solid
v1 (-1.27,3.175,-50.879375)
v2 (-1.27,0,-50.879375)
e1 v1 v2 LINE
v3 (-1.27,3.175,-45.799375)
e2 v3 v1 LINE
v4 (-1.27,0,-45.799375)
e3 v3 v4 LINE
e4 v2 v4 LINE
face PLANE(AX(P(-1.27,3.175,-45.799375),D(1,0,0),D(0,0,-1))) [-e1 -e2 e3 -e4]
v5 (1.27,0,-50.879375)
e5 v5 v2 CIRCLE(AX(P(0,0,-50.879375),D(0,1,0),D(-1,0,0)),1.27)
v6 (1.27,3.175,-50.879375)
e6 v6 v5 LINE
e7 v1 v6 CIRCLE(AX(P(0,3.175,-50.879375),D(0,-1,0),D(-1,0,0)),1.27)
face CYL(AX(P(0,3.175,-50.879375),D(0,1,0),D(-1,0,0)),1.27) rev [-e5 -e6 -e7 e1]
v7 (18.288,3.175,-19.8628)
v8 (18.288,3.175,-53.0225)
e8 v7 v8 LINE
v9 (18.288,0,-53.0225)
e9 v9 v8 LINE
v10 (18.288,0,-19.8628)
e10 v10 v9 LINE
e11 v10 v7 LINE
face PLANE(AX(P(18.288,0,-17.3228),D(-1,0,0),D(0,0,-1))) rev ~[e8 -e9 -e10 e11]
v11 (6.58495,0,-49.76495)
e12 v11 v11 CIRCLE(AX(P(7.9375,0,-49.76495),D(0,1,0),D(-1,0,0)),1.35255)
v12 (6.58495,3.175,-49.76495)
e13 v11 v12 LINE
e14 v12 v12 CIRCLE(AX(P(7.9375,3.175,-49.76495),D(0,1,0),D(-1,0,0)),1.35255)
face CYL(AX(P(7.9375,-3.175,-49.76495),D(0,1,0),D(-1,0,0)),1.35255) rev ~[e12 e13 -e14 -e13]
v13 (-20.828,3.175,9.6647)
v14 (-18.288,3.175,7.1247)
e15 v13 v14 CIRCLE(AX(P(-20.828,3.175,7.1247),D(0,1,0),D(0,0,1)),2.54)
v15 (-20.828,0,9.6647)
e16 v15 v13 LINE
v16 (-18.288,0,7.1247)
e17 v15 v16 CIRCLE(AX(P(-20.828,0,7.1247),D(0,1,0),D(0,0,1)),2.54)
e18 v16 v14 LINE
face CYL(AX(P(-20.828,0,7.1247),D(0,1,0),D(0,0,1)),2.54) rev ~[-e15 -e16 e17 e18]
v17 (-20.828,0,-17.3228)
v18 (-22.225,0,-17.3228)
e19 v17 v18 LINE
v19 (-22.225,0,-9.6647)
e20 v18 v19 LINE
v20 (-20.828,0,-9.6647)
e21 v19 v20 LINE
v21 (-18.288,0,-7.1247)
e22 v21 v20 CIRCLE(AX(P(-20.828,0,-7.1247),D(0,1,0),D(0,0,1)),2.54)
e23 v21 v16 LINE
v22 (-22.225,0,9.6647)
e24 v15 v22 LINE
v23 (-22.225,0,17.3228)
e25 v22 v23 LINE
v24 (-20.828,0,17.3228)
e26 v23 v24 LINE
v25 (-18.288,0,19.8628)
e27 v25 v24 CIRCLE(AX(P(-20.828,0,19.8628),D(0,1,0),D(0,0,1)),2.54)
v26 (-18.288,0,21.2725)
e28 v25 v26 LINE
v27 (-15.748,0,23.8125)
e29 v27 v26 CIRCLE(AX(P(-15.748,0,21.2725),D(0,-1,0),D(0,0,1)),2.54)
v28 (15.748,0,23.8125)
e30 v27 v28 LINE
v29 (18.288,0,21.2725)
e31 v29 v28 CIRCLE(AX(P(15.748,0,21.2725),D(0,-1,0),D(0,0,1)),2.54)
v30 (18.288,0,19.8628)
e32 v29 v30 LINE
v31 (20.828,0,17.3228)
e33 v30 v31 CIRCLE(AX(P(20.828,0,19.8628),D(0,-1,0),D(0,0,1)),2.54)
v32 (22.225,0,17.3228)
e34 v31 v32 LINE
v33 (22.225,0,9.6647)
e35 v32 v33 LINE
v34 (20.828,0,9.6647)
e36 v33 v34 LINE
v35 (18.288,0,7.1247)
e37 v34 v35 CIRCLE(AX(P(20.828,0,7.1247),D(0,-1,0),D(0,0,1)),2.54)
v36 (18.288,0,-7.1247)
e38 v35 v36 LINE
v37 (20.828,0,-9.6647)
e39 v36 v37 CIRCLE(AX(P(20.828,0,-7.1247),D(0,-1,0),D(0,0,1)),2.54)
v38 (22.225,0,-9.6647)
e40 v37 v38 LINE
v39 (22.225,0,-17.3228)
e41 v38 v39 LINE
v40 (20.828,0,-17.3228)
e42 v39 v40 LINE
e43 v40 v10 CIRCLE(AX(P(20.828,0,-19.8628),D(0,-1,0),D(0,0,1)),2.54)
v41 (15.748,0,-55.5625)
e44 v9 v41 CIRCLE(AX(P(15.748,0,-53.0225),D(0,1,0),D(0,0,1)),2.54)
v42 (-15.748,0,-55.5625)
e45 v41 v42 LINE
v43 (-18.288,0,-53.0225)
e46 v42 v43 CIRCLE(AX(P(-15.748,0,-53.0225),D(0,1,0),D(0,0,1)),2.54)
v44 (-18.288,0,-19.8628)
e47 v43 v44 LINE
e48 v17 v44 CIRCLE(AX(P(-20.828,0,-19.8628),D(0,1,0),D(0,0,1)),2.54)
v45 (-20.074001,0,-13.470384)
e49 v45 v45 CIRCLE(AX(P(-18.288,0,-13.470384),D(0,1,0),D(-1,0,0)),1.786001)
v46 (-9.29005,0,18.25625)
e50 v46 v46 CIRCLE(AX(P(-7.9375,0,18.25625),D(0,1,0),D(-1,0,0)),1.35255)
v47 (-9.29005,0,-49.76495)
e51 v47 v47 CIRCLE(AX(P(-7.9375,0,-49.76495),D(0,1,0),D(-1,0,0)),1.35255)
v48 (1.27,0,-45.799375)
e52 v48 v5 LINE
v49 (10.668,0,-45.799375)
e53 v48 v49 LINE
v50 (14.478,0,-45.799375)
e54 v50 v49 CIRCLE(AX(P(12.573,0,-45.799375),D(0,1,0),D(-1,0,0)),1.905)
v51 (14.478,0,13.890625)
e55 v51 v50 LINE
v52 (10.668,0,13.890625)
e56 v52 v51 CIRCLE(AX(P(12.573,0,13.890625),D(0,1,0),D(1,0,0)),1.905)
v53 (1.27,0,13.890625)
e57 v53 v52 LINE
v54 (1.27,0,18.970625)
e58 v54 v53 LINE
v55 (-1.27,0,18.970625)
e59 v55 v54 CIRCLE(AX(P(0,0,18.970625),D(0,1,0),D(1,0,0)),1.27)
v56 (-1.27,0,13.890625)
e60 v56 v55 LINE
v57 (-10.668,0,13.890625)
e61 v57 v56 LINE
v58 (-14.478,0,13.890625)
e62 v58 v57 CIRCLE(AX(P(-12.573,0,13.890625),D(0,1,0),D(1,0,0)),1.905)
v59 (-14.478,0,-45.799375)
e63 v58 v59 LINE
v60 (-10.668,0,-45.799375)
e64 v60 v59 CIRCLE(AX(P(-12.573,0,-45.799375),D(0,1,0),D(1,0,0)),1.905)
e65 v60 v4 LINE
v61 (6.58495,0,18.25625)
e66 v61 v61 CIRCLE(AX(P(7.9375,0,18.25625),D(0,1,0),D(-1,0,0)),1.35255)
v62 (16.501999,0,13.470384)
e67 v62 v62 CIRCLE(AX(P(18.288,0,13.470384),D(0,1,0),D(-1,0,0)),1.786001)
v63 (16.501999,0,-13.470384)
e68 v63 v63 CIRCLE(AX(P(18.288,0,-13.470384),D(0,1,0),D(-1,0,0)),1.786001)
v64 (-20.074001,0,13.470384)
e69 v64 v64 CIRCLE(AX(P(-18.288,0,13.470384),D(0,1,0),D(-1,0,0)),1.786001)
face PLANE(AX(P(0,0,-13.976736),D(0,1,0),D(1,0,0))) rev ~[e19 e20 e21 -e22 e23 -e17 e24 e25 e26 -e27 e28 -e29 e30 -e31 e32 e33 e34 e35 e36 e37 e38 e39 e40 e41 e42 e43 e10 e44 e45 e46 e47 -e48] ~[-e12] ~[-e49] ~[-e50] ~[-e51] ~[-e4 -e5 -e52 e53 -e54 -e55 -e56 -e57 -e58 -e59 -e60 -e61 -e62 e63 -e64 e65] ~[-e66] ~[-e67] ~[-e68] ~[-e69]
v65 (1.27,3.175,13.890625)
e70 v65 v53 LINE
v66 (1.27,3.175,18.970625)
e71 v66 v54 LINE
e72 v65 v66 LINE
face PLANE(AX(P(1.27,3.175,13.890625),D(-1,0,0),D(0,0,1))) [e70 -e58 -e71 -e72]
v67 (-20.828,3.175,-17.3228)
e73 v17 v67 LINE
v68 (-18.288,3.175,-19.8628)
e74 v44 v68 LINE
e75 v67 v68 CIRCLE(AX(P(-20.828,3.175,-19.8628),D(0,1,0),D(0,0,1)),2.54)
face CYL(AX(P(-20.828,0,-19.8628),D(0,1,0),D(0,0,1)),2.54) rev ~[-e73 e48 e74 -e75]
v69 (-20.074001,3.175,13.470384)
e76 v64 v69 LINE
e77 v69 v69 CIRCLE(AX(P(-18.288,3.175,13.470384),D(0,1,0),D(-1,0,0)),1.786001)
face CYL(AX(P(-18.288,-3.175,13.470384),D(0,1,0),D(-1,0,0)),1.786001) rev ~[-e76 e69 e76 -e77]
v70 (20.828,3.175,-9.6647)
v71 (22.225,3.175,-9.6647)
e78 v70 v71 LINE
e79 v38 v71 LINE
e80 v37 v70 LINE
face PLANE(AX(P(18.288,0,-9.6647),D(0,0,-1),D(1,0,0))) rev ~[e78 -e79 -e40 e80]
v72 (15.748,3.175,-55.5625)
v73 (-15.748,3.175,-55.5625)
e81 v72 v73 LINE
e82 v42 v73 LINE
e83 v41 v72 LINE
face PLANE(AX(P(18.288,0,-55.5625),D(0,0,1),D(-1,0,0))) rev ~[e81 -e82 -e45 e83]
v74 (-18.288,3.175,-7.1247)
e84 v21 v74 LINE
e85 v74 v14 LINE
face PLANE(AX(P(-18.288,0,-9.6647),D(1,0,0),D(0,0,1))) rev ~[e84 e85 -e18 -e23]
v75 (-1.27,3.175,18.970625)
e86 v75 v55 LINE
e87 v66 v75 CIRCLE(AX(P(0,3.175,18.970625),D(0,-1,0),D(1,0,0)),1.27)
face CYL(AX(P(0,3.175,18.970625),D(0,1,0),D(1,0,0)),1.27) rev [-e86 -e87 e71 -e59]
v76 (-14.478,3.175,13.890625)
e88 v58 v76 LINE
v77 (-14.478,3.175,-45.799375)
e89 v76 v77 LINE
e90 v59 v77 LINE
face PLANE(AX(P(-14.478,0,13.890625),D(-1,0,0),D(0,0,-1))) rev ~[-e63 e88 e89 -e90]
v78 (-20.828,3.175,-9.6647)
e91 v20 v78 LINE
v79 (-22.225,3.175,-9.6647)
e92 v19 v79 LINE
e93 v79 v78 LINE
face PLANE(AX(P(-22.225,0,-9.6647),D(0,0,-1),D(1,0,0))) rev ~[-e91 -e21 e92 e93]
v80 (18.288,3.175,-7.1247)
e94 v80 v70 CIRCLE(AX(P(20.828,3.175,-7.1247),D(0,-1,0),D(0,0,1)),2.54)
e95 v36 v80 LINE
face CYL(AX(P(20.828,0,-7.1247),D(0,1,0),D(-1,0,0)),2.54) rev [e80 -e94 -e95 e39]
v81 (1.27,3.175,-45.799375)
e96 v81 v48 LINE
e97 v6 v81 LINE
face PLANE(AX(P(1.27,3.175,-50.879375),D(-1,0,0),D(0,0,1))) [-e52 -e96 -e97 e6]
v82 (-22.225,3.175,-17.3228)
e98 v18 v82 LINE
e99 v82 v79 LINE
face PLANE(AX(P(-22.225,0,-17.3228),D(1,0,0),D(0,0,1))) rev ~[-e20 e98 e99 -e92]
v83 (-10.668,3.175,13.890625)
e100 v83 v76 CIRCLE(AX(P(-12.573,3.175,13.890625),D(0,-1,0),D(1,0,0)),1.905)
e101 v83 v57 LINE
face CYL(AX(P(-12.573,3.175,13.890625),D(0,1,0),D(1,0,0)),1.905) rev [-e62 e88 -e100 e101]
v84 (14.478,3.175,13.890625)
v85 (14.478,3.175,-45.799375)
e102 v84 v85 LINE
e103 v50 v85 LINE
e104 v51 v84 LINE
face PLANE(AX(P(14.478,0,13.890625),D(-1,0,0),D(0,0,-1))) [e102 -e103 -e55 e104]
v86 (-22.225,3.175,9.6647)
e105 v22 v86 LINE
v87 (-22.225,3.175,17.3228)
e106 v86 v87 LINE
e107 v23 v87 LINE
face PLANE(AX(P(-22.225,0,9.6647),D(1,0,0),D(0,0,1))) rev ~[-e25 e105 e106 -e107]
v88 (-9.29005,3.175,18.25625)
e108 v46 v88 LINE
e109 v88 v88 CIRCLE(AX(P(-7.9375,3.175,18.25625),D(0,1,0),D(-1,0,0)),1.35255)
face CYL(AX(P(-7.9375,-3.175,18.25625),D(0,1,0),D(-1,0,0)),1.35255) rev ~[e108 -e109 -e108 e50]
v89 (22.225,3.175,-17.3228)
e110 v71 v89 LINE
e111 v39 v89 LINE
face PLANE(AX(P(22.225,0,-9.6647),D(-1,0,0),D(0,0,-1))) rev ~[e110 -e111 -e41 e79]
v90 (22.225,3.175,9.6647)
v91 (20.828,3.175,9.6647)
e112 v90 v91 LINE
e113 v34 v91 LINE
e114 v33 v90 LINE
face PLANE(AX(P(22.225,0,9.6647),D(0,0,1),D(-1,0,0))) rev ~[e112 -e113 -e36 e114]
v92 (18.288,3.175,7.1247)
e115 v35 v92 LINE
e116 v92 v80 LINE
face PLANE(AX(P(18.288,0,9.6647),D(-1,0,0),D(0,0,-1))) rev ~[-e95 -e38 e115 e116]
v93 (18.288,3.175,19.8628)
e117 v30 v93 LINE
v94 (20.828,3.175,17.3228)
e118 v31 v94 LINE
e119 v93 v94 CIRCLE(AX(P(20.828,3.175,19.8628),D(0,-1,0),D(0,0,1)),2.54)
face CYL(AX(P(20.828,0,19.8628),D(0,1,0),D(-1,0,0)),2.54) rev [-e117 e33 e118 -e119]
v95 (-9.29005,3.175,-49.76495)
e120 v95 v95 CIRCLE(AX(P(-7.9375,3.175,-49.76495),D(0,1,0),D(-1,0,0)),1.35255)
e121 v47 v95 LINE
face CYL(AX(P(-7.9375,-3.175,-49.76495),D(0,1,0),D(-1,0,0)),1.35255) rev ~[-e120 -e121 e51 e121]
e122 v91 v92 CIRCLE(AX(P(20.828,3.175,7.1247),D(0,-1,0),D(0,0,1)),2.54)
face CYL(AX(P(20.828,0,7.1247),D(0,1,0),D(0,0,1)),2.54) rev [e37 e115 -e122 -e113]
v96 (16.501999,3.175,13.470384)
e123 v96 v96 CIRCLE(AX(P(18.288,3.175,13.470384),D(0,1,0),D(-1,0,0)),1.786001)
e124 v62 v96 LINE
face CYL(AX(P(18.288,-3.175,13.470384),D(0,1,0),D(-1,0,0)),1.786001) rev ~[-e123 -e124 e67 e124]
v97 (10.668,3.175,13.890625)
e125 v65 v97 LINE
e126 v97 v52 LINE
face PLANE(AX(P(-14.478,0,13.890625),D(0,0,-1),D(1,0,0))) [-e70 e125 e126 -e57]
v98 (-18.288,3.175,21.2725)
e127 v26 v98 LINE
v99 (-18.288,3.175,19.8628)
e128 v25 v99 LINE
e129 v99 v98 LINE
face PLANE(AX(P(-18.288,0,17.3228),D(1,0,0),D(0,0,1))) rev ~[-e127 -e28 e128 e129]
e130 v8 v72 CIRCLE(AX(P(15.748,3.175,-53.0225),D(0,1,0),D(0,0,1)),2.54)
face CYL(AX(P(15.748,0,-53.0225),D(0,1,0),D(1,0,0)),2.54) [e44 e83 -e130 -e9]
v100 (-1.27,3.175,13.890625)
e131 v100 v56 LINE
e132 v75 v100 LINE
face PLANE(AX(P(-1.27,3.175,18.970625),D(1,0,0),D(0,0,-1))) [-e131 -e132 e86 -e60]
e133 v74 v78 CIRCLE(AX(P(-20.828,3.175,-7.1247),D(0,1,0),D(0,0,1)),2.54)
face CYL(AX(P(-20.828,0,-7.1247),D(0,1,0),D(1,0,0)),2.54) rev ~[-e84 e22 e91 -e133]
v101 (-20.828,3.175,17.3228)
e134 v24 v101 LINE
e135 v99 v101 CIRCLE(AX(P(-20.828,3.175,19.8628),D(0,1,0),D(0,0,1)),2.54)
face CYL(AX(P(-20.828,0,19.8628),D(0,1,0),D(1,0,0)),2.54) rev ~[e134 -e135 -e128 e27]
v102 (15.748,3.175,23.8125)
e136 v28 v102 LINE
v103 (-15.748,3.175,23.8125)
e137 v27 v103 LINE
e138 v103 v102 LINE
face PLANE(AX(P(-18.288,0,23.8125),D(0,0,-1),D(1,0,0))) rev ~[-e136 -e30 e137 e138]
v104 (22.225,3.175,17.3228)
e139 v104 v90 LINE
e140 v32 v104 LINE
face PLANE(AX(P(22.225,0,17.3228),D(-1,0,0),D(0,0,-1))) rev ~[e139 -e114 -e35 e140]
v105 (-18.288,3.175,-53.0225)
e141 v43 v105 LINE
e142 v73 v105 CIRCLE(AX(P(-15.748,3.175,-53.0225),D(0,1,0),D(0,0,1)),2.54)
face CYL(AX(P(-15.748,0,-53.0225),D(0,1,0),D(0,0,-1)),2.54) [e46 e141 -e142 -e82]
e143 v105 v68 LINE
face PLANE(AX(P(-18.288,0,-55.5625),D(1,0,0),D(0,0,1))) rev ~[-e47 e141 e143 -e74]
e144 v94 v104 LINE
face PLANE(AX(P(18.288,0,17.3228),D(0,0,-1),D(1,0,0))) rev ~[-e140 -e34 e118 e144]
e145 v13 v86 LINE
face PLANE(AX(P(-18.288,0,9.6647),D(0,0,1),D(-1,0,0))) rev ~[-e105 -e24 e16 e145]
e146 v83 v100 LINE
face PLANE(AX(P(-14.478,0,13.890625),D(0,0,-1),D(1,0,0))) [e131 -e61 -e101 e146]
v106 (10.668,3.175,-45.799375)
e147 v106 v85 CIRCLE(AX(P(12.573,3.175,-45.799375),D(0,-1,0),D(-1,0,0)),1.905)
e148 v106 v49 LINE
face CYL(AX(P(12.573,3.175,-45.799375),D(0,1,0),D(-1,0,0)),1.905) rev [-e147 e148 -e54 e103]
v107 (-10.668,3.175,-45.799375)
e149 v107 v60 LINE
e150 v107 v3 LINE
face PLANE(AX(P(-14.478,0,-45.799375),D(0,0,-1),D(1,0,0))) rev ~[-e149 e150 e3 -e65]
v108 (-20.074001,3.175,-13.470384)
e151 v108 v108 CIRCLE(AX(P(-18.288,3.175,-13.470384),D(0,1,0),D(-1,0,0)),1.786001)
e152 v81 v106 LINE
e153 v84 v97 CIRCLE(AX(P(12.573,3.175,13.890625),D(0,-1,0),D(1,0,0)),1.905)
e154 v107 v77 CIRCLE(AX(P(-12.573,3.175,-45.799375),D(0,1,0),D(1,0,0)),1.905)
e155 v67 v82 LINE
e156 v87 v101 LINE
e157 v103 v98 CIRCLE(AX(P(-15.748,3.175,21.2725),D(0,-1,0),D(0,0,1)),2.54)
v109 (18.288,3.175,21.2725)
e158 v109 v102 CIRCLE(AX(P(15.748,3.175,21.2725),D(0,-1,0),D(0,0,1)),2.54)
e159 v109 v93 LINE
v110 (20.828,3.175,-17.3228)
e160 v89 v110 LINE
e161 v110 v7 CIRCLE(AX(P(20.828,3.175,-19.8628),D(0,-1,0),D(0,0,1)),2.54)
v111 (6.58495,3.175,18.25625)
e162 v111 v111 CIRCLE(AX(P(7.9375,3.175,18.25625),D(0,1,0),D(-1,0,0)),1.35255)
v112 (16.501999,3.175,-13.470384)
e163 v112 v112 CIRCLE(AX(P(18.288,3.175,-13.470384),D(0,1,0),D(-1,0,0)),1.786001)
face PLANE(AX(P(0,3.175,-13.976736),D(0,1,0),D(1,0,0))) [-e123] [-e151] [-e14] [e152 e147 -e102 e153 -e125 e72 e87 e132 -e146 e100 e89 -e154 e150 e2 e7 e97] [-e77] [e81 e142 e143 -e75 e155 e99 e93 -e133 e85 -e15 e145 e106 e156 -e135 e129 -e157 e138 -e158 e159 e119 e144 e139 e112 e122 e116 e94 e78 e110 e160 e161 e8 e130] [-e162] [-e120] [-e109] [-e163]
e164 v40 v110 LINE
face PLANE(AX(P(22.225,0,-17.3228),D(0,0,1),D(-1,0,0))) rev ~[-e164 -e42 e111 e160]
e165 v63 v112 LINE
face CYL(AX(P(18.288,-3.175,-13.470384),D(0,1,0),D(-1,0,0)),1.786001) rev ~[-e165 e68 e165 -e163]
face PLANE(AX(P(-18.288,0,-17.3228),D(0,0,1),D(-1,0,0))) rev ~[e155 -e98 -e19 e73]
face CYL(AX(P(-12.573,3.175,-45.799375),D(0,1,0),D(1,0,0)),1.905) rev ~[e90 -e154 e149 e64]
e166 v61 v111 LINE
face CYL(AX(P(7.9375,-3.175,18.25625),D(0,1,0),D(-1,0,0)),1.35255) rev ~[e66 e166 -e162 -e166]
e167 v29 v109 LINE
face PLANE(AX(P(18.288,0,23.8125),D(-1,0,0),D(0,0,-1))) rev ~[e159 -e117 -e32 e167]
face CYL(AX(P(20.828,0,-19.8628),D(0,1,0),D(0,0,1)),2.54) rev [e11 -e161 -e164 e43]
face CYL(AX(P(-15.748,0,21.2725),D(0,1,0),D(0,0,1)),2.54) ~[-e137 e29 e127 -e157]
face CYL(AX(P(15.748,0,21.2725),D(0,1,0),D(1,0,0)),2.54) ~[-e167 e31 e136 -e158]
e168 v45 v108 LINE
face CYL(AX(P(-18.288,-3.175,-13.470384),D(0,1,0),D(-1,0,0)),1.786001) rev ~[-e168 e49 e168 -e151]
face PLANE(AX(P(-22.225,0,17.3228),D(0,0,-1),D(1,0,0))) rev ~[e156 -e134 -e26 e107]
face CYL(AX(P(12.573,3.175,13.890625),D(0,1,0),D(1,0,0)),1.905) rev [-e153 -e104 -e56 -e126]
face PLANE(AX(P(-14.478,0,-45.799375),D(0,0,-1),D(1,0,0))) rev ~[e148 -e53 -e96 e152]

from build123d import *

# Parameters (mm, degrees)
SKETCH1_W                           = 28.956
SKETCH1_H                           = 59.69
BOSS_EXTRUDE1_DEPTH                 = 3.175
F_6_32_TAPPED_HOLE1_D               = 2.7051
F_6_32_TAPPED_HOLE1_DEPTH           = 3.175
F_9_64_0_14063_DIAMETER_HOLE1_D     = 3.572002
F_9_64_0_14063_DIAMETER_HOLE1_DEPTH = 3.175
FILLET1_R                           = 2.54
CUT_EXTRUDE1_REACH                  = 5.175
CUT_EXTRUDE2_REACH                  = 5.175


with BuildPart() as part:
    # Sketch1 → Boss-Extrude1 (new body)
    with BuildSketch(Plane(origin=(0, 0, 0), x_dir=(1, 0, 0), z_dir=(0, 1, 0))):
        Polygon((18.288, -23.8125), (18.288, -17.3228), (22.225, -17.3228), (22.225, -9.6647), (18.288, -9.6647), (18.288, 9.6647), (22.225, 9.6647), (22.225, 17.3228), (18.288, 17.3228), (18.288, 55.5625), (-18.288, 55.5625), (-18.288, 17.3228), (-22.225, 17.3228), (-22.225, 9.6647), (-18.288, 9.6647), (-18.288, -9.6647), (-22.225, -9.6647), (-22.225, -17.3228), (-18.288, -17.3228), (-18.288, -23.8125), align=None)
        with Locations((0, 15.954375)):
            Rectangle(SKETCH1_W, SKETCH1_H, mode=Mode.SUBTRACT)
    extrude(amount=BOSS_EXTRUDE1_DEPTH)

    # #6-32 Tapped Hole1
    with Locations(Plane.XZ):
        with Locations((-7.9375, 18.25625), (7.9375, 18.25625), (7.9375, -49.76495), (-7.9375, -49.76495)):
            Hole(F_6_32_TAPPED_HOLE1_D / 2, depth=F_6_32_TAPPED_HOLE1_DEPTH)

    # 9/64 (0.14063) Diameter Hole1
    with Locations(Plane.XZ):
        with Locations((18.288, -13.470384182), (18.288, 13.470384182), (-18.288, -13.470384182), (-18.288, 13.470384182)):
            Hole(F_9_64_0_14063_DIAMETER_HOLE1_D / 2, depth=F_9_64_0_14063_DIAMETER_HOLE1_DEPTH)

    # Fillet1
    fillet1_edges = [part.edges().sort_by_distance(p)[0] for p in [
        (18.288, 1.5875, 23.8125),
        (-18.288, 1.5875, 23.8125),
        (-18.288, 1.5875, 17.3228),
        (-18.288, 1.5875, 9.6647),
        (-18.288, 1.5875, -9.6647),
        (-18.288, 1.5875, -17.3228),
        (-18.288, 1.5875, -55.5625),
        (18.288, 1.5875, -55.5625),
        (18.288, 1.5875, -17.3228),
        (18.288, 1.5875, -9.6647),
        (18.288, 1.5875, 9.6647),
        (18.288, 1.5875, 17.3228),
    ]]
    fillet(fillet1_edges, radius=FILLET1_R)

    # Sketch7 → Cut-Extrude1 (cut, up to next)
    with BuildSketch(Plane(origin=(0, 3.175, 0), x_dir=(1, 0, 0), z_dir=(0, 1, 0)), mode=Mode.PRIVATE) as cut_extrude1_sk1:
        with BuildLine():
            Line((1.27, -13.890625), (1.27, -18.970625))
            ThreePointArc((1.27, -18.970625), (0, -20.240625), (-1.27, -18.970625))
            Line((-1.27, -18.970625), (-1.27, -13.890625))
            ThreePointArc((-1.27, -13.890625), (0, -12.620625), (1.27, -13.890625))
        make_face()
    cut_extrude1_tool1 = extrude(cut_extrude1_sk1.sketch, amount=-CUT_EXTRUDE1_REACH, mode=Mode.PRIVATE) & part.part
    add(cut_extrude1_tool1.solids().sort_by_distance((0, 3.175, 16.430625))[0], mode=Mode.SUBTRACT)
    # Sketch7 → Cut-Extrude1 (cut, up to next)
    with BuildSketch(Plane(origin=(0, 3.175, 0), x_dir=(1, 0, 0), z_dir=(0, 1, 0)), mode=Mode.PRIVATE) as cut_extrude1_sk2:
        with BuildLine():
            Line((-1.27, 45.799375), (-1.27, 50.879375))
            ThreePointArc((-1.27, 50.879375), (0, 52.149375), (1.27, 50.879375))
            Line((1.27, 50.879375), (1.27, 45.799375))
            ThreePointArc((1.27, 45.799375), (0, 44.529375), (-1.27, 45.799375))
        make_face()
    cut_extrude1_tool2 = extrude(cut_extrude1_sk2.sketch, amount=-CUT_EXTRUDE1_REACH, mode=Mode.PRIVATE) & part.part
    add(cut_extrude1_tool2.solids().sort_by_distance((0, 3.175, -48.339375))[0], mode=Mode.SUBTRACT)

    # Sketch8 → Cut-Extrude2 (cut, up to next)
    with BuildSketch(Plane(origin=(0, 3.175, 0), x_dir=(1, 0, 0), z_dir=(0, 1, 0)), mode=Mode.PRIVATE) as cut_extrude2_sk1:
        with BuildLine():
            Line((14.478, 45.799375), (10.668, 45.799375))
            ThreePointArc((10.668, 45.799375), (12.573, 47.704375), (14.478, 45.799375))
        make_face()
    cut_extrude2_tool1 = extrude(cut_extrude2_sk1.sketch, amount=-CUT_EXTRUDE2_REACH, mode=Mode.PRIVATE) & part.part
    add(cut_extrude2_tool1.solids().sort_by_distance((12.573, 3.175, -46.607882))[0], mode=Mode.SUBTRACT)
    # Sketch8 → Cut-Extrude2 (cut, up to next)
    with BuildSketch(Plane(origin=(0, 3.175, 0), x_dir=(1, 0, 0), z_dir=(0, 1, 0)), mode=Mode.PRIVATE) as cut_extrude2_sk2:
        with BuildLine():
            Line((-14.478, 45.799375), (-10.668, 45.799375))
            ThreePointArc((-10.668, 45.799375), (-12.573, 47.704375), (-14.478, 45.799375))
        make_face()
    cut_extrude2_tool2 = extrude(cut_extrude2_sk2.sketch, amount=-CUT_EXTRUDE2_REACH, mode=Mode.PRIVATE) & part.part
    add(cut_extrude2_tool2.solids().sort_by_distance((-12.573, 3.175, -46.607882))[0], mode=Mode.SUBTRACT)
    # Sketch8 → Cut-Extrude2 (cut, up to next)
    with BuildSketch(Plane(origin=(0, 3.175, 0), x_dir=(1, 0, 0), z_dir=(0, 1, 0)), mode=Mode.PRIVATE) as cut_extrude2_sk3:
        with BuildLine():
            Line((-14.478, -13.890625), (-10.668, -13.890625))
            ThreePointArc((-10.668, -13.890625), (-12.573, -15.795625), (-14.478, -13.890625))
        make_face()
    cut_extrude2_tool3 = extrude(cut_extrude2_sk3.sketch, amount=-CUT_EXTRUDE2_REACH, mode=Mode.PRIVATE) & part.part
    add(cut_extrude2_tool3.solids().sort_by_distance((-12.573, 3.175, 14.699132))[0], mode=Mode.SUBTRACT)
    # Sketch8 → Cut-Extrude2 (cut, up to next)
    with BuildSketch(Plane(origin=(0, 3.175, 0), x_dir=(1, 0, 0), z_dir=(0, 1, 0)), mode=Mode.PRIVATE) as cut_extrude2_sk4:
        with BuildLine():
            Line((10.668, -13.890625), (14.478, -13.890625))
            ThreePointArc((14.478, -13.890625), (12.573, -15.795625), (10.668, -13.890625))
        make_face()
    cut_extrude2_tool4 = extrude(cut_extrude2_sk4.sketch, amount=-CUT_EXTRUDE2_REACH, mode=Mode.PRIVATE) & part.part
    add(cut_extrude2_tool4.solids().sort_by_distance((12.573, 3.175, 14.699132))[0], mode=Mode.SUBTRACT)


solid = part.part
